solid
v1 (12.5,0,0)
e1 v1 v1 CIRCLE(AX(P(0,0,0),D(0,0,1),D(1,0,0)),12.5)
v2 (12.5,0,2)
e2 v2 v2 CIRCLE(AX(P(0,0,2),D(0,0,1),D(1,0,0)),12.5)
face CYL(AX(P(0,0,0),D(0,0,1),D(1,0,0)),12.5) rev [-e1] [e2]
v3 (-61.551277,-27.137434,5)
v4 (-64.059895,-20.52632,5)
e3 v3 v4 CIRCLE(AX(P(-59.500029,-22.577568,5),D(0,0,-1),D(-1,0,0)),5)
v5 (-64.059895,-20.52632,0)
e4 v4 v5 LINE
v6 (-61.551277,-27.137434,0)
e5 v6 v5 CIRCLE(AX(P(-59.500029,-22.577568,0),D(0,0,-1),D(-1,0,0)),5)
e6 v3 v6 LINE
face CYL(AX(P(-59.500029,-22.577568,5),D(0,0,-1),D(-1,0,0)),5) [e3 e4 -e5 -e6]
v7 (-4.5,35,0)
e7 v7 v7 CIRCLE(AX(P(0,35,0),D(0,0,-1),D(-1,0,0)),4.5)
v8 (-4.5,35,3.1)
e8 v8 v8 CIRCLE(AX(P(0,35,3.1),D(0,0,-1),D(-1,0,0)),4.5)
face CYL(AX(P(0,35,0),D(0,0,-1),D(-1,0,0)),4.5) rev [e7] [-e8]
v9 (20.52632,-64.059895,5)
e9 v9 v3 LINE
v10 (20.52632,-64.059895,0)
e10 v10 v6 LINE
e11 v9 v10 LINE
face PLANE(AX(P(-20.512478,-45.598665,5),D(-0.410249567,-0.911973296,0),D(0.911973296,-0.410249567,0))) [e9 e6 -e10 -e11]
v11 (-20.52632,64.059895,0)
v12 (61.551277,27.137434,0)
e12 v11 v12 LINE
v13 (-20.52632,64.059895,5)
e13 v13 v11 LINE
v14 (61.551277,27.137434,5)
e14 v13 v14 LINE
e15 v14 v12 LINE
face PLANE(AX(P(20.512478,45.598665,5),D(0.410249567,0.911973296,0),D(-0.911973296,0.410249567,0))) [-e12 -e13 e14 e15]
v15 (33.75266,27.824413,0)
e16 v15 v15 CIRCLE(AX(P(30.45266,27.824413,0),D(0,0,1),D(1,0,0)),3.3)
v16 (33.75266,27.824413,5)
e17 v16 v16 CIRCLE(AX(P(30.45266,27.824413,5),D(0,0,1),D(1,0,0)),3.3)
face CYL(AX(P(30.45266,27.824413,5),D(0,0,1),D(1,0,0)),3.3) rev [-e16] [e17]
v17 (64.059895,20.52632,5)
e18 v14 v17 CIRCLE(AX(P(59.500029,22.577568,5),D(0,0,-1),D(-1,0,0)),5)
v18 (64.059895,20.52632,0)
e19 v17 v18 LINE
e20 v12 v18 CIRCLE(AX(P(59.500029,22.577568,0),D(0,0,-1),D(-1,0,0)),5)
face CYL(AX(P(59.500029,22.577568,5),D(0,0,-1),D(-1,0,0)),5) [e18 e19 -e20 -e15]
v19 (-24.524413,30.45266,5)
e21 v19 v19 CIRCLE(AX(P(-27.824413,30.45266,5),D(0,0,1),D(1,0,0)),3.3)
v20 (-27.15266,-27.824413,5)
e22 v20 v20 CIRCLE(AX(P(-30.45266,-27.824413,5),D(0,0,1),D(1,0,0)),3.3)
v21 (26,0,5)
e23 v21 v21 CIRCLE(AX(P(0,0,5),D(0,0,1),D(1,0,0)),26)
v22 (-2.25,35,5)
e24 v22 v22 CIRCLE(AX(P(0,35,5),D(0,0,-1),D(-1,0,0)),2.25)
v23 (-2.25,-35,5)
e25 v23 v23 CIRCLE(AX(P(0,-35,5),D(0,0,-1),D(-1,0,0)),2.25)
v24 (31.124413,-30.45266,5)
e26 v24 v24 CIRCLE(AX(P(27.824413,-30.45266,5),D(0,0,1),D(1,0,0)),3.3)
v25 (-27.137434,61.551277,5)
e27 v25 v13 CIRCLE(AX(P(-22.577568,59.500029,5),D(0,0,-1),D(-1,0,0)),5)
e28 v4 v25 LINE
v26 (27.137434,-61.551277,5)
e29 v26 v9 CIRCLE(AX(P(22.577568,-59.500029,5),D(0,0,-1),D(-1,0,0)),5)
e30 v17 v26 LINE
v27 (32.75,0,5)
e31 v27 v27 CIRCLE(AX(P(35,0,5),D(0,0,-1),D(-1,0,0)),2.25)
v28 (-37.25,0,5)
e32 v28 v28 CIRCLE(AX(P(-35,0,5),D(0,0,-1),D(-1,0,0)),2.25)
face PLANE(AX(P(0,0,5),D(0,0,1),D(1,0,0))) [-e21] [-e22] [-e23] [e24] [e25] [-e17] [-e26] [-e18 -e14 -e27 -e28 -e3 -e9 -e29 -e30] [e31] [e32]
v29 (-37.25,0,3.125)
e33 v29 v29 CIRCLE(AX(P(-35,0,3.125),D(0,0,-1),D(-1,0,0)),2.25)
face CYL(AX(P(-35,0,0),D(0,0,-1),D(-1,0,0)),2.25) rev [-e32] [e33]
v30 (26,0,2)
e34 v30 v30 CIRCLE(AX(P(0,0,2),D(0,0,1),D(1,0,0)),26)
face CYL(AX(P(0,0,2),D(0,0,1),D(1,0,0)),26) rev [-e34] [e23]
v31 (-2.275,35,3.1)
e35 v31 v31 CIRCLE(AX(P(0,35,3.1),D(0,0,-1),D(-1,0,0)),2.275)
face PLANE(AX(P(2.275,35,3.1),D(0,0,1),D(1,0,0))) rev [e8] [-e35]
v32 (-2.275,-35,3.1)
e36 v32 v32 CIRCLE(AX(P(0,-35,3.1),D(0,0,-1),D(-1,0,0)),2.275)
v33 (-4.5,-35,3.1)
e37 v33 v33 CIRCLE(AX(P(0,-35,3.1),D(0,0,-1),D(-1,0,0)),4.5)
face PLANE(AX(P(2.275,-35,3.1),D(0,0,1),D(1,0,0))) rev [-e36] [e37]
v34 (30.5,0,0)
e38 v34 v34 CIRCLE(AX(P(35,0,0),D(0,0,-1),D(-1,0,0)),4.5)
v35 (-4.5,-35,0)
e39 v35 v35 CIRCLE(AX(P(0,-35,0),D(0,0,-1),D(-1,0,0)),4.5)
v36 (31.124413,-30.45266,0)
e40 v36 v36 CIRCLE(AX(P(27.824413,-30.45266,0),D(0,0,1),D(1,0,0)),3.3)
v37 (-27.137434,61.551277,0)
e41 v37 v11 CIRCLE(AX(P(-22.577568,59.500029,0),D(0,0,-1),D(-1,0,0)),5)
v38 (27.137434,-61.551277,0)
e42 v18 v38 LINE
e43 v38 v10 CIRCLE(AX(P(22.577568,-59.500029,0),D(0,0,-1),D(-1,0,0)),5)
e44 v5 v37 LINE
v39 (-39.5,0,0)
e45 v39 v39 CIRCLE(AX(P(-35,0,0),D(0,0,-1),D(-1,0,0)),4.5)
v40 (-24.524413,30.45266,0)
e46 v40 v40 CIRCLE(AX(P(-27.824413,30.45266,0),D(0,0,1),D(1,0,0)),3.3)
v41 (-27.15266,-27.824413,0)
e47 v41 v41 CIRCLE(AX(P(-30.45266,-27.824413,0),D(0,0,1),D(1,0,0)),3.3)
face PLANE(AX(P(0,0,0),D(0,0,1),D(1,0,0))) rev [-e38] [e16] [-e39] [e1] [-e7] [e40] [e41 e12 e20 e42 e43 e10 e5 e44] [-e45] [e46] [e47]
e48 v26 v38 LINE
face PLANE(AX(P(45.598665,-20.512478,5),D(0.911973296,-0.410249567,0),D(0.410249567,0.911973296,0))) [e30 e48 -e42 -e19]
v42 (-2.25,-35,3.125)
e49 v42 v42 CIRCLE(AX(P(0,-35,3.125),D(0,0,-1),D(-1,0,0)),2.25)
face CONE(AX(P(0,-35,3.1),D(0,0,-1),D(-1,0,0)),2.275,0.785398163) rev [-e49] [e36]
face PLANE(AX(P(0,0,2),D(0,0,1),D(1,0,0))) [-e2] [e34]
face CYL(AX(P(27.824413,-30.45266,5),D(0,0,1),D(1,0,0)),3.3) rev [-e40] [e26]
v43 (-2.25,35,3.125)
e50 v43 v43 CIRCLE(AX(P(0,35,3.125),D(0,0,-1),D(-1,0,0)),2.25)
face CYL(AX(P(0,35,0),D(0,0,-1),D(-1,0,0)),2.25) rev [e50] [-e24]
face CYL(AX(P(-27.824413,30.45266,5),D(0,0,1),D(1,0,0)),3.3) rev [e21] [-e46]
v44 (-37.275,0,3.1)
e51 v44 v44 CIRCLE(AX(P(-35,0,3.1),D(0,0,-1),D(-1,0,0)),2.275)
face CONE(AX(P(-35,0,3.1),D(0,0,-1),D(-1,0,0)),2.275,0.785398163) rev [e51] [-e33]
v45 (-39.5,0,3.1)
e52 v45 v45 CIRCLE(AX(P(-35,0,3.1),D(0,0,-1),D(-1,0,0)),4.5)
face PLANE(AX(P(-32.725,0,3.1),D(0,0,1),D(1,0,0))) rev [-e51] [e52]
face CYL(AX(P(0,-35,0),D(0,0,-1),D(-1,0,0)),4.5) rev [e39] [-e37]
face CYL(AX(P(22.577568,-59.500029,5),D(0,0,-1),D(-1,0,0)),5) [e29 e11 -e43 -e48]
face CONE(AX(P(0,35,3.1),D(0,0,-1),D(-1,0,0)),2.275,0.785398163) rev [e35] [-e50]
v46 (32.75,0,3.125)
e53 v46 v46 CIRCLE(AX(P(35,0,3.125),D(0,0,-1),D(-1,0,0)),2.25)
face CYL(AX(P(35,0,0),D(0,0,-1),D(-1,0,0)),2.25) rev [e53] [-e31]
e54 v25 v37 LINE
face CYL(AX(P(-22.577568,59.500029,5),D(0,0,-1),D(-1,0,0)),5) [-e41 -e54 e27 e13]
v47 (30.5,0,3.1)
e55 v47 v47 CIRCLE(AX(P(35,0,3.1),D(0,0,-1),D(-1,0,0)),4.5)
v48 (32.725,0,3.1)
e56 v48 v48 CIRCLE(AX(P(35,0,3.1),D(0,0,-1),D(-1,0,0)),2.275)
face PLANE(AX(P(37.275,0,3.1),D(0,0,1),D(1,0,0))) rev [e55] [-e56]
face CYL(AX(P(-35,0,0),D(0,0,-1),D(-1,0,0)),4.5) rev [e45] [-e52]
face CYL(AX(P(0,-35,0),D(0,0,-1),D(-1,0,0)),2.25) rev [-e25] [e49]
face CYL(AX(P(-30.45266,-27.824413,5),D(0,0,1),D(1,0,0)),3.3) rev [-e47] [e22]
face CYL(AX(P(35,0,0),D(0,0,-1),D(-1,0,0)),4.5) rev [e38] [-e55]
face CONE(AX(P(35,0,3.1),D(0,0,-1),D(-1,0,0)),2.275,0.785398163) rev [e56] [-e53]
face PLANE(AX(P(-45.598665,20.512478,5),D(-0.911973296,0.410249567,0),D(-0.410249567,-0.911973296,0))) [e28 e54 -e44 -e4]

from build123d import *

# Parameters (mm, degrees)
ESQUISSE1_R                                = 50
BOSS_EXTRU_1_DEPTH                         = 5
ESQUISSE2_R                                = 26
ENL_V_MAT_EXTRU_1_DEPTH                    = 3
ESQUISSE3_R                                = 12.5
ENL_V_MAT_EXTRU_2_DEPTH                    = 71.887234394
CHAMBRAGE_POUR_VIS_T_TE_RONDE_BOMB_2_COUNT = 2
CHAMBRAGE_POUR_VIS_T_TE_RONDE_BOMB_2_PITCH = 49.497474683
CHAMBRAGE_POUR_VIS_T_TE_RONDE_BOMB_3_COUNT = 2
CHAMBRAGE_POUR_VIS_T_TE_RONDE_BOMB_3_PITCH = 70
CHAMBRAGE_POUR_VIS_T_TE_RONDE_BOMB_4_COUNT = 2
CHAMBRAGE_POUR_VIS_T_TE_RONDE_BOMB_4_PITCH = 49.497474683
D_GAGEMENT_M62_D                           = 6.6
BOSS_EXTRU_3_DEPTH                         = 5


with BuildPart() as part:
    # Esquisse1 → Boss.-Extru.1 (new body)
    with BuildSketch(Plane.XY):
        Circle(ESQUISSE1_R)
    extrude(amount=BOSS_EXTRU_1_DEPTH)

    # Esquisse2 → Enlèv. mat.-Extru.1 (cut)
    with BuildSketch(Plane.XY.offset(5)):
        Circle(ESQUISSE2_R)
    extrude(amount=-ENL_V_MAT_EXTRU_1_DEPTH, mode=Mode.SUBTRACT)

    # Esquisse3 → Enlèv. mat.-Extru.2 (cut, through all)
    with BuildSketch(Plane.XY.offset(5)):
        Circle(ESQUISSE3_R)
    extrude(amount=-ENL_V_MAT_EXTRU_2_DEPTH, mode=Mode.SUBTRACT)

    # Esquisse5 → Chambrage pour vis à tête ronde bombée M41 (revolve, cut)
    with BuildSketch(Plane(origin=(0, 35, 0), x_dir=(0, 1, 0), z_dir=(1, 0, 0))):
        Polygon((0, 0), (0, 5), (2.25, 5), (2.25, 3.125), (2.275, 3.1), (4.5, 3.1), (4.5, 0), align=None)
    chambrage_pour_vis_t_te_ronde_bomb_e_m = revolve(axis=Axis((0, 35, -6.35), (0, 0, 1)), mode=Mode.SUBTRACT)

    # Chambrage pour vis _ t_te ronde bomb 2: Chambrage pour vis à tête ronde bombée M41 ×2
    with Locations(*[Vector(-0.7071067811865476, -0.7071067811865476, 0) * (i * CHAMBRAGE_POUR_VIS_T_TE_RONDE_BOMB_2_PITCH) for i in range(1, CHAMBRAGE_POUR_VIS_T_TE_RONDE_BOMB_2_COUNT)]):
        add(chambrage_pour_vis_t_te_ronde_bomb_e_m, mode=Mode.SUBTRACT)

    # Chambrage pour vis _ t_te ronde bomb 3: Chambrage pour vis à tête ronde bombée M41 ×2
    with Locations(*[(0, -i * CHAMBRAGE_POUR_VIS_T_TE_RONDE_BOMB_3_PITCH, 0) for i in range(1, CHAMBRAGE_POUR_VIS_T_TE_RONDE_BOMB_3_COUNT)]):
        add(chambrage_pour_vis_t_te_ronde_bomb_e_m, mode=Mode.SUBTRACT)

    # Chambrage pour vis _ t_te ronde bomb 4: Chambrage pour vis à tête ronde bombée M41 ×2
    with Locations(*[Vector(0.7071067811865476, -0.7071067811865476, 0) * (i * CHAMBRAGE_POUR_VIS_T_TE_RONDE_BOMB_4_PITCH) for i in range(1, CHAMBRAGE_POUR_VIS_T_TE_RONDE_BOMB_4_COUNT)]):
        add(chambrage_pour_vis_t_te_ronde_bomb_e_m, mode=Mode.SUBTRACT)

    # Dégagement M62 (through all)
    with Locations(Plane.XY.offset(5)):
        with Locations((30.452660491, 27.824413184), (-27.824413184, 30.452660491), (-30.452660491, -27.824413184), (27.824413184, -30.452660491)):
            Hole(D_GAGEMENT_M62_D / 2)

    # Esquisse12 → Boss.-Extru.3 (add)
    with BuildSketch(Plane(origin=(0, 0, 0), x_dir=(-1, 0, 0), z_dir=(0, 0, -1))):
        with BuildLine():
            ThreePointArc((-61.551276684, 27.137434265), (-64.174792612, 24.35142904), (-64.059895327, 20.526319949))
            Line((-64.059895327, 20.526319949), (-45.598664842, -20.512478267))
            ThreePointArc((-45.598664842, -20.512478267), (-46.747637649, 17.738612524), (-20.512478495, 45.598664739))
            Line((-20.512478495, 45.598664739), (-61.551276684, 27.137434265))
        make_face()
        with BuildLine():
            ThreePointArc((20.51247781, -45.598665047), (-17.738612875, -46.747637515), (-45.598664842, -20.512478267))
            Line((-45.598664842, -20.512478267), (-27.137434265, -61.551276684))
            ThreePointArc((-27.137434265, -61.551276684), (-24.35142904, -64.174792612), (-20.526319949, -64.059895327))
            Line((-20.526319949, -64.059895327), (20.51247781, -45.598665047))
        make_face()
        with BuildLine():
            Line((20.526319949, 64.059895327), (-20.512478495, 45.598664739))
            ThreePointArc((-20.512478495, 45.598664739), (17.738612852, 46.747637524), (45.598665129, 20.512477628))
            Line((45.598665129, 20.512477628), (27.137434265, 61.551276684))
            ThreePointArc((27.137434265, 61.551276684), (24.35142904, 64.174792612), (20.526319949, 64.059895327))
        make_face()
        with BuildLine():
            ThreePointArc((45.598665129, 20.512477628), (46.747637391, -17.738613203), (20.51247781, -45.598665047))
            Line((20.51247781, -45.598665047), (61.551276684, -27.137434265))
            ThreePointArc((61.551276684, -27.137434265), (64.174792612, -24.35142904), (64.059895327, -20.526319949))
            Line((64.059895327, -20.526319949), (45.598665129, 20.512477628))
        make_face()
    extrude(amount=-BOSS_EXTRU_3_DEPTH)


solid = part.part
